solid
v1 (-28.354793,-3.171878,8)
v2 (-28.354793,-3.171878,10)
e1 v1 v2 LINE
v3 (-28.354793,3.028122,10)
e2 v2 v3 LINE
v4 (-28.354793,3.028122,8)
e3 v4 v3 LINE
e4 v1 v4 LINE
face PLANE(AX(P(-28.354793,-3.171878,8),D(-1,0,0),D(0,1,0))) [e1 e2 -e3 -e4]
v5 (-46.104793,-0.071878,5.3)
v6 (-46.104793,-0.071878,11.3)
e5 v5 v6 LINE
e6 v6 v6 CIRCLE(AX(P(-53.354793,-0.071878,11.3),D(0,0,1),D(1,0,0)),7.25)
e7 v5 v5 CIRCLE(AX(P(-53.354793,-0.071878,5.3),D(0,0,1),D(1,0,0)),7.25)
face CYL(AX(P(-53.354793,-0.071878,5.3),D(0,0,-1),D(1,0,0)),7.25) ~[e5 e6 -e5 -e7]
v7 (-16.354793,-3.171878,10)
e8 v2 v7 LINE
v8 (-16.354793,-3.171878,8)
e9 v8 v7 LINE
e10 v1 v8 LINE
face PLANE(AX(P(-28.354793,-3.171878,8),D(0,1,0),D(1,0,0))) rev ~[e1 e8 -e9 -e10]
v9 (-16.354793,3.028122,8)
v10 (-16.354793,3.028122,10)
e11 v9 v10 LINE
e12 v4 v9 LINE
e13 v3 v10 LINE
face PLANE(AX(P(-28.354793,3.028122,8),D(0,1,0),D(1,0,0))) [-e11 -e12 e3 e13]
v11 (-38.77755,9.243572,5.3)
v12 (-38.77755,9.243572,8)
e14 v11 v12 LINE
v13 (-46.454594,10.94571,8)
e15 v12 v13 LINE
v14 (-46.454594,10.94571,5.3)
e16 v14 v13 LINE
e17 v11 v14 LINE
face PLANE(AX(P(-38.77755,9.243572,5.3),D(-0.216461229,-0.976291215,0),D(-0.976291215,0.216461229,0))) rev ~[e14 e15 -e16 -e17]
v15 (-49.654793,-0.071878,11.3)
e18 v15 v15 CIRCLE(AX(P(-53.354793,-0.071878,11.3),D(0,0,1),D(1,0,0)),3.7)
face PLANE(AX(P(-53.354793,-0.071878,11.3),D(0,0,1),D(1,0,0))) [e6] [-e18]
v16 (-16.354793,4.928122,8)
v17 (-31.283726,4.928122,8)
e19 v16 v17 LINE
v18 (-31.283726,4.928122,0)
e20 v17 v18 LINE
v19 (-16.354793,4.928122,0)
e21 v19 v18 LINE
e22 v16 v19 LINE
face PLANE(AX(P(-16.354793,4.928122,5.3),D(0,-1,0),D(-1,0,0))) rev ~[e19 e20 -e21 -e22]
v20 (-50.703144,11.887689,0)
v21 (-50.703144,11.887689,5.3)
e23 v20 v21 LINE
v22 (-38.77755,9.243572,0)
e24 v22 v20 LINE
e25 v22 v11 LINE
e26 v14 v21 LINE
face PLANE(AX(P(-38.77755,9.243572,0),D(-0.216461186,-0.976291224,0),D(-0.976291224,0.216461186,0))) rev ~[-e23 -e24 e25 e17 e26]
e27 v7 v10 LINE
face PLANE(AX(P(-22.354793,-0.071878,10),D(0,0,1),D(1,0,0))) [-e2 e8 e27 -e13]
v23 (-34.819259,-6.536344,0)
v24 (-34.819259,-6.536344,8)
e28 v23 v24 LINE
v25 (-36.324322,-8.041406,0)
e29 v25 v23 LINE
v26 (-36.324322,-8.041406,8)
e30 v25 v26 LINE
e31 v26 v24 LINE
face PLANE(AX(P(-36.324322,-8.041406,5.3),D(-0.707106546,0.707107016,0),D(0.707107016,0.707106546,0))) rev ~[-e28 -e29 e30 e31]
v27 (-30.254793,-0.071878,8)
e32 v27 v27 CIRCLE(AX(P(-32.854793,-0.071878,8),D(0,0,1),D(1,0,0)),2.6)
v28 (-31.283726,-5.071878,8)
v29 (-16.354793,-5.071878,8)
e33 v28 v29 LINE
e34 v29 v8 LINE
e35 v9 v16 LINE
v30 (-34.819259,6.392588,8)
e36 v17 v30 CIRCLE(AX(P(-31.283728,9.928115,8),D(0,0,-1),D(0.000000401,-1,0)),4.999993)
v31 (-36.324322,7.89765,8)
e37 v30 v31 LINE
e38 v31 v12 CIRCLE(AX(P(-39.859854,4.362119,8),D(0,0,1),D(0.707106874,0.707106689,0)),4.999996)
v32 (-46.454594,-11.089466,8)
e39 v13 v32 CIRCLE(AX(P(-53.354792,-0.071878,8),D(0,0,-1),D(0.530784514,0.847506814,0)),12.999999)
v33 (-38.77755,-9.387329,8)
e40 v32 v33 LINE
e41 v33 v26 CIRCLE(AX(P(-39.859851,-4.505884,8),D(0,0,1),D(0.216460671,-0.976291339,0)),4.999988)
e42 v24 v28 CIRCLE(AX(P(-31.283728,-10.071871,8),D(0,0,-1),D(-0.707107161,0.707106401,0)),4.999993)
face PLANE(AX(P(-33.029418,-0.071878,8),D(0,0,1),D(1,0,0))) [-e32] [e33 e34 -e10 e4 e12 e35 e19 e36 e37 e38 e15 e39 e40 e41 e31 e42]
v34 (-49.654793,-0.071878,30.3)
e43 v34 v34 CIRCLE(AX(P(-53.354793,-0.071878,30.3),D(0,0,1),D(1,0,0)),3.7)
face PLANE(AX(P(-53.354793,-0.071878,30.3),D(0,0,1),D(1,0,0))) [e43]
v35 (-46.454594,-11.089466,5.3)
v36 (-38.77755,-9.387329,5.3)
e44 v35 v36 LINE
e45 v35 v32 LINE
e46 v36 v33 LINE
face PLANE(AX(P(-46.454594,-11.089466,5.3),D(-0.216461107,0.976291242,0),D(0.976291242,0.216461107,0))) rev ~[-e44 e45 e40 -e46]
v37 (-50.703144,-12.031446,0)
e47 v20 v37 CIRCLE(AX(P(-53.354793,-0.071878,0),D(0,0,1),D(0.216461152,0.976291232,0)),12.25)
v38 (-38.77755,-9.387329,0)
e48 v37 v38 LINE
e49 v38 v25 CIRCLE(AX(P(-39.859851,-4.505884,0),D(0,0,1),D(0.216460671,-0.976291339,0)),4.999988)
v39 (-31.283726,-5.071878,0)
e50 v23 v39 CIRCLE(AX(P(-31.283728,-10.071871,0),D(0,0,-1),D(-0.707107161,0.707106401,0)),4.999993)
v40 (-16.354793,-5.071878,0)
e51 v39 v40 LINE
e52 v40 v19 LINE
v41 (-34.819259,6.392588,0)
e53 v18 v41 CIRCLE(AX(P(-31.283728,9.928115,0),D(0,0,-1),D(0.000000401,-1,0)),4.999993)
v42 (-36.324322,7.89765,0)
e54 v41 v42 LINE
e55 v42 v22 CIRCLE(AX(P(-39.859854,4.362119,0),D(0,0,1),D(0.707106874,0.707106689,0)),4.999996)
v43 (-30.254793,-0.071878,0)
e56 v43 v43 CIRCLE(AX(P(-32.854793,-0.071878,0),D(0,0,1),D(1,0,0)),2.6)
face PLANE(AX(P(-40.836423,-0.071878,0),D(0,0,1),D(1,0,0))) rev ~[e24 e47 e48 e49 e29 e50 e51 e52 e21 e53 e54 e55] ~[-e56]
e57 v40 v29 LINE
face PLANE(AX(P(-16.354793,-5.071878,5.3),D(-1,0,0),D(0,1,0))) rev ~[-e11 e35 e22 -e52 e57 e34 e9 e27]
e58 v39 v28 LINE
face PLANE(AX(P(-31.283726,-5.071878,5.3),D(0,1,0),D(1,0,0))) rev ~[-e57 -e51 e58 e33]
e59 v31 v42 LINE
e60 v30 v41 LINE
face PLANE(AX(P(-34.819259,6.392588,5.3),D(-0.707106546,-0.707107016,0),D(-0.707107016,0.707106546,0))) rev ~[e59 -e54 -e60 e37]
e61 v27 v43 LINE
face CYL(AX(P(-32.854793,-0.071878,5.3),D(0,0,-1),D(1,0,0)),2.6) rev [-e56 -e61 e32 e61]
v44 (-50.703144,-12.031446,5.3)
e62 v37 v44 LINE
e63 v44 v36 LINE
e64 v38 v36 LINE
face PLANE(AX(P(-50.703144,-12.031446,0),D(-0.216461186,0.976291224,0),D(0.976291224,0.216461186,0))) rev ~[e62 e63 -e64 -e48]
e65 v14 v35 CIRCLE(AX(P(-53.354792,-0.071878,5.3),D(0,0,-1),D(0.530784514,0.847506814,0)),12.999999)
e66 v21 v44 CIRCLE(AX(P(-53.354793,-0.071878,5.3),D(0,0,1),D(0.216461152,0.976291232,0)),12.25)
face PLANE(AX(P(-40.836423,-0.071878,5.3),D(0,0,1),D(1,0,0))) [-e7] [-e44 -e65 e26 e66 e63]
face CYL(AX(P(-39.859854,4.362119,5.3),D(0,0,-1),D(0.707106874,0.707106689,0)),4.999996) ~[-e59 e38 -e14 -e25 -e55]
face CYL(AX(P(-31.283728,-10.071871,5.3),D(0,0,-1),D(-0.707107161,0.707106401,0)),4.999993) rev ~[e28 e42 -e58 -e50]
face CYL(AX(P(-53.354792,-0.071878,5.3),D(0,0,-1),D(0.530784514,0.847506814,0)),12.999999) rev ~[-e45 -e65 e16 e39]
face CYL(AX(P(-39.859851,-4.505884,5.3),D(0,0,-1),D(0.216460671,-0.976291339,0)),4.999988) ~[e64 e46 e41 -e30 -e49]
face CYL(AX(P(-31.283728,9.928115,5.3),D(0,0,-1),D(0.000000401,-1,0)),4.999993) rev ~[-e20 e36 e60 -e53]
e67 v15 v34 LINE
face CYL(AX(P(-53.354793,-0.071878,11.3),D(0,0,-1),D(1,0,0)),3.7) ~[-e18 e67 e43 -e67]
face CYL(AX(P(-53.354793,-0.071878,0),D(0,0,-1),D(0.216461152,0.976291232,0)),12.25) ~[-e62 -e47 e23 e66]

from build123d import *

# Parameters (mm, degrees)
F0_R     = 2.6
F1_DEPTH = 5.3
F2_R     = 7.25
F3_DEPTH = 6
F2_R_2   = 2.6
F4_DEPTH = 2.7
F5_W     = 12
F5_H     = 6.2
F6_DEPTH = 2
F7_R     = 3.7
F8_DEPTH = 19


with BuildPart() as f1:
    # F0 (on Top) → F1 (new body)
    with BuildSketch(Plane.XY):
        with BuildLine():
            Line((-16.354793, -5.071878), (-16.354793, -0.071878))
            Line((-16.354793, -0.071878), (-16.354793, 4.928122))
            Line((-16.354793, 4.928122), (-31.283726, 4.928122))
            ThreePointArc((-31.283726, 4.928122), (-33.197143, 5.308724), (-34.819259, 6.392588))
            Line((-34.819259, 6.392588), (-36.324322, 7.89765))
            ThreePointArc((-36.324322, 7.89765), (-37.454863, 8.745723), (-38.77755, 9.243572))
            Line((-38.77755, 9.243572), (-50.703144, 11.887689))
            ThreePointArc((-50.703144, 11.887689), (-65.604793, -0.071878), (-50.703144, -12.031446))
            Line((-50.703144, -12.031446), (-38.77755, -9.387329))
            ThreePointArc((-38.77755, -9.387329), (-37.454863, -8.88948), (-36.324322, -8.041406))
            Line((-36.324322, -8.041406), (-34.819259, -6.536344))
            ThreePointArc((-34.819259, -6.536344), (-33.197143, -5.45248), (-31.283726, -5.071878))
            Line((-31.283726, -5.071878), (-16.354793, -5.071878))
        make_face()
        with Locations((-32.854793, -0.071878)):
            Circle(F0_R, mode=Mode.SUBTRACT)
    extrude(amount=F1_DEPTH)

    # F2 (on face) → F3 (join)
    with BuildSketch(Plane.XY.offset(5.3)):
        with Locations((-53.354793, -0.071878)):
            Circle(F2_R)
    extrude(amount=F3_DEPTH)

    # F2 (on face) → F4 (join)
    with BuildSketch(Plane.XY.offset(5.3)):
        with BuildLine():
            ThreePointArc((-46.454594, 10.94571), (-40.354793, -0.071878), (-46.454594, -11.089466))
            Line((-46.454594, -11.089466), (-38.77755, -9.387329))
            ThreePointArc((-38.77755, -9.387329), (-37.454863, -8.88948), (-36.324322, -8.041406))
            Line((-36.324322, -8.041406), (-34.819259, -6.536344))
            ThreePointArc((-34.819259, -6.536344), (-33.197143, -5.45248), (-31.283726, -5.071878))
            Line((-31.283726, -5.071878), (-16.354793, -5.071878))
            Line((-16.354793, -5.071878), (-16.354793, -0.071878))
            Line((-16.354793, -0.071878), (-16.354793, 4.928122))
            Line((-16.354793, 4.928122), (-31.283726, 4.928122))
            ThreePointArc((-31.283726, 4.928122), (-33.197143, 5.308724), (-34.819259, 6.392588))
            Line((-34.819259, 6.392588), (-36.324322, 7.89765))
            ThreePointArc((-36.324322, 7.89765), (-37.454863, 8.745723), (-38.77755, 9.243572))
            Line((-38.77755, 9.243572), (-46.454594, 10.94571))
        make_face()
        with Locations((-32.854793, -0.071878)):
            Circle(F2_R_2, mode=Mode.SUBTRACT)
    extrude(amount=F4_DEPTH)

    # F5 (on face) → F6 (join)
    with BuildSketch(Plane.XY.offset(8)):
        with Locations((-22.354793, -0.071878)):
            Rectangle(F5_W, F5_H)
    extrude(amount=F6_DEPTH)

    # F7 (on face) → F8 (join)
    with BuildSketch(Plane.XY.offset(11.3)):
        with Locations((-53.354793, -0.071878)):
            Circle(F7_R)
    extrude(amount=F8_DEPTH)


solid = f1.part
